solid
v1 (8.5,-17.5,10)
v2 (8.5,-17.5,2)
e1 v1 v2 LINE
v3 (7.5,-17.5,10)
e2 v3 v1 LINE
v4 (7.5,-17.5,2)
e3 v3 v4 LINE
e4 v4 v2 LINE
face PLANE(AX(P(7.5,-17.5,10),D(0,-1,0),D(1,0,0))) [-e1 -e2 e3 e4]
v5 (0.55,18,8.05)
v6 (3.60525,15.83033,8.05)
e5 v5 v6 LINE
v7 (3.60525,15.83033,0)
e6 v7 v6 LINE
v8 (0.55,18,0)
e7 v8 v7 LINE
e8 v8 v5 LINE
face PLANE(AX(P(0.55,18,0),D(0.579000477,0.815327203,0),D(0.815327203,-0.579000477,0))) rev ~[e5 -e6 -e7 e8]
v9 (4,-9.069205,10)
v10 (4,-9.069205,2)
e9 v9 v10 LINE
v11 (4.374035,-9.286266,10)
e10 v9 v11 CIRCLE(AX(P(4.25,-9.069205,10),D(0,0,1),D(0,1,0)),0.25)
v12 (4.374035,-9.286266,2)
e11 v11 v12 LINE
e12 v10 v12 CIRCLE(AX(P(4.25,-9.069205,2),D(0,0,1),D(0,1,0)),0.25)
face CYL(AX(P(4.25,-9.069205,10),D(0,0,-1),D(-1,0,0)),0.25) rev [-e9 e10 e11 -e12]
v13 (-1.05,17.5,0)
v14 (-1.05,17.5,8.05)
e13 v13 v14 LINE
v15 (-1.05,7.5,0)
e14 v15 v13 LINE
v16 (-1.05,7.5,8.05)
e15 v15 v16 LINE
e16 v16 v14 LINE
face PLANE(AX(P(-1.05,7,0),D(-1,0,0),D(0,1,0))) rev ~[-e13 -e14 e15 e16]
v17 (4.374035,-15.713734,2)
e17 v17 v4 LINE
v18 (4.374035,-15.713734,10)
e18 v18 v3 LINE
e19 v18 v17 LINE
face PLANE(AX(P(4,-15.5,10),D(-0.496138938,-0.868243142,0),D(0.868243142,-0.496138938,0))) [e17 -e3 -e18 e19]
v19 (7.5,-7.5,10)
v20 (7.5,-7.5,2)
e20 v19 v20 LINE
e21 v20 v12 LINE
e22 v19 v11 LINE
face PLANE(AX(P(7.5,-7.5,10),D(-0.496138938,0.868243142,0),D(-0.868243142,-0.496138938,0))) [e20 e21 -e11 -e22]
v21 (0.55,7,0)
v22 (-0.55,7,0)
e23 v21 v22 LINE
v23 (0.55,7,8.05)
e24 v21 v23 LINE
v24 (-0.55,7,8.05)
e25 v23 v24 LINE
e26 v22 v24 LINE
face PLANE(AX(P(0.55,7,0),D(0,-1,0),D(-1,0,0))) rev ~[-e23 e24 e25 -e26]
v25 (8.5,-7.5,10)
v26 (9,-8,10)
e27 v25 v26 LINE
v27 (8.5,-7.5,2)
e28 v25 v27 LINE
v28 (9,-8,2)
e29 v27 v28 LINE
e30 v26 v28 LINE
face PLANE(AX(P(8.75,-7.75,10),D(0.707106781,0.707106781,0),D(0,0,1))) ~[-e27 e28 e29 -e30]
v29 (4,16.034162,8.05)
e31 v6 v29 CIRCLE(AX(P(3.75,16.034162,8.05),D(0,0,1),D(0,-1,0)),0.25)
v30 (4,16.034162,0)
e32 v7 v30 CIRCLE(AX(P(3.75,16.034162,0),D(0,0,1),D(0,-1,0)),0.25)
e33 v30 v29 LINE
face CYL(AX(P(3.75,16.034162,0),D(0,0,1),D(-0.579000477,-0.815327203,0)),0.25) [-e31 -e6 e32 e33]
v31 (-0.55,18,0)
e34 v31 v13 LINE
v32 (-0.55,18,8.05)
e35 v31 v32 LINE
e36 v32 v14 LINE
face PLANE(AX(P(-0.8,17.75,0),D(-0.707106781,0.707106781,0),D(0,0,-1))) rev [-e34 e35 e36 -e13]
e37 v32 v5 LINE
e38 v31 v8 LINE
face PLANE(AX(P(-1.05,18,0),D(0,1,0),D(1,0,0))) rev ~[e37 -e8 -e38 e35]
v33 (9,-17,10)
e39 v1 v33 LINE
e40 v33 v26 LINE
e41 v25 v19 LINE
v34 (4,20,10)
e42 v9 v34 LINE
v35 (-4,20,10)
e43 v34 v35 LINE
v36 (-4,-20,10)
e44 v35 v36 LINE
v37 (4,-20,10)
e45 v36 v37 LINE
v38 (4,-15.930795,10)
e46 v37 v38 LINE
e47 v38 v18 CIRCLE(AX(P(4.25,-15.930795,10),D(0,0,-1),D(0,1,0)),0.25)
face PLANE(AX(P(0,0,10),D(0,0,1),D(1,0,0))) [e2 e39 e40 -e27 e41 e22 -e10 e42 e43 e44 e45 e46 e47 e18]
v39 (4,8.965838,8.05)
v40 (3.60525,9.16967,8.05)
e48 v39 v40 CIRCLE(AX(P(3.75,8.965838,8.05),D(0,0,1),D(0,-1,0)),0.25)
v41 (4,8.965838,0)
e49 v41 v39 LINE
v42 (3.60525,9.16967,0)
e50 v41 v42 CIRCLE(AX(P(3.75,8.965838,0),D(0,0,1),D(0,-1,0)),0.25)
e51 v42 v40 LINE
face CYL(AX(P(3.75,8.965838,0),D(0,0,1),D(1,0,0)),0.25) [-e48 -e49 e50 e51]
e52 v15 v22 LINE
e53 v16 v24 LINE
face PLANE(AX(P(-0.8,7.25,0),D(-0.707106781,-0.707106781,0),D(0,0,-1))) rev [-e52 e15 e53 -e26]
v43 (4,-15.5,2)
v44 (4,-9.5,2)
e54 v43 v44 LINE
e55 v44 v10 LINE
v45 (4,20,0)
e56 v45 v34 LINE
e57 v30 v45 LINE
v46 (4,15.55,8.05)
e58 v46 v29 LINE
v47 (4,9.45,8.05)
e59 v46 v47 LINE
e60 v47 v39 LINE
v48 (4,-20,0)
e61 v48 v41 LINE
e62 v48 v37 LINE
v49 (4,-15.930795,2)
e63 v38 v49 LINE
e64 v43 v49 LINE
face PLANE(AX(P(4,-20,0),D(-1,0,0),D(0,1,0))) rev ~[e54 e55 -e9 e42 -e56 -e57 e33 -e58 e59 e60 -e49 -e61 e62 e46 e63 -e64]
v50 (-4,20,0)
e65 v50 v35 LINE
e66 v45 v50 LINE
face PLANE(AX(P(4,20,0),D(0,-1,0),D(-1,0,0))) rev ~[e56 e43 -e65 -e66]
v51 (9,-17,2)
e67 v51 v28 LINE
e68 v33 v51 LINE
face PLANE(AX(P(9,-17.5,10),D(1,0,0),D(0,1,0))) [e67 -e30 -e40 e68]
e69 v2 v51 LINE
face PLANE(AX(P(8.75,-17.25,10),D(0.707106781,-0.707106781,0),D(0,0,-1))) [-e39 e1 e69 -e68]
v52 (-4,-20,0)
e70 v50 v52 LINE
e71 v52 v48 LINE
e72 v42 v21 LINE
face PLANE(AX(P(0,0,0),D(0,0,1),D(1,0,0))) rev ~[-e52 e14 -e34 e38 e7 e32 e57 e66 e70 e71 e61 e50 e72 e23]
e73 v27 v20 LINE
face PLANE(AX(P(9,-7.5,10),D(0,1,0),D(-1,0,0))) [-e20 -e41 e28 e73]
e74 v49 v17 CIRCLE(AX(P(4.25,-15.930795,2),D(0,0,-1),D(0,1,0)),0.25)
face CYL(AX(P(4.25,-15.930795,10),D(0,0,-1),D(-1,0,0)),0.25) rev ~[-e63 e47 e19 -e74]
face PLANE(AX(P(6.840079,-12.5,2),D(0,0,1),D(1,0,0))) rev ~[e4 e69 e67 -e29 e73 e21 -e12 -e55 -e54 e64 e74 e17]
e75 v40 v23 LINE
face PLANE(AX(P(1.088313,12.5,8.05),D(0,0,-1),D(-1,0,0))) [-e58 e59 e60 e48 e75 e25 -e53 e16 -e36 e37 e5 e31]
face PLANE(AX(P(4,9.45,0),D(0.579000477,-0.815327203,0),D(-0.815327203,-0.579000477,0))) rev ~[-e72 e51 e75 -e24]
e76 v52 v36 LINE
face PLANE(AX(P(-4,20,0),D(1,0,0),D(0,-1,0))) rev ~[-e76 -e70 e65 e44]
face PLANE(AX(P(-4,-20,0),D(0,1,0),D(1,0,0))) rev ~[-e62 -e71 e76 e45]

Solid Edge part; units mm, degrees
sketch "Sketch1" plane through (0, 0, 0) normal (0, 0, 1) x (1, 0, 0)
  line L0 (-4, -20) -> (4, -20)
  line L1 (4, -20) -> (4, 20)
  line L2 (4, 20) -> (-4, 20)
  line L3 (-4, 20) -> (-4, -20)
  dimension "D1" = 8
  dimension "D2" = 40
extrude "Protrusion1" add sketch "Sketch1" along normal blind 10
sketch "Sketch2" plane through (0, 0, 10) normal (0, 0, 1) x (0, 1, 0)
  line L0 (-15.5, -4) -> (-17.5, -7.5)
  line L1 (-17.5, -7.5) -> (-17.5, -9)
  line L2 (-17.5, -9) -> (-7.5, -9)
  line L3 (-7.5, -9) -> (-7.5, -7.5)
  line L4 (-7.5, -7.5) -> (-9.5, -4)
  line L5 (-15.5, -4) -> (-9.5, -4)
  dimension "D1" = 10
  dimension "D2" = 6
  dimension "D3" = 1.5
  dimension "D4" = 5
  dimension "D5" = 12.5
  dimension "D6" = 1.5
extrude "Extrusionsausprägung_2" add sketch "Sketch2" against normal blind 8
chamfer "Fase_1" distance 0.5 angle 45 2 edges at (9, -17.5, 6) (9, -7.5, 6)
sketch "Sketch3" plane through (0, 0, 0) normal (0, 0, -1) x (0, 1, 0)
  line L0 (9.45, 4) -> (7, 0.55)
  line L1 (7, 0.55) -> (7, -1.05)
  line L2 (7, -1.05) -> (18, -1.05)
  line L3 (18, -1.05) -> (18, 0.55)
  line L4 (18, 0.55) -> (15.55, 4)
  line L5 (15.55, 4) -> (9.45, 4)
  dimension "D1" = 11
  dimension "D2" = 6.1
  dimension "D3" = 1.6
  dimension "D4" = 1.6
  dimension "D5" = 12.5
  dimension "D6" = 5.05
extrude "Extrusionsausschnitt_1" cut sketch "Sketch3" against normal blind 8.05
chamfer "Fase_2" distance 0.5 angle 45 2 edges at (-1.05, 18, 4.025) (-1.05, 7, 4.025)
fillet "Verrundung_1" radius 0.25 4 edges at (4, 15.55, 4.025) (4, 9.45, 4.025) (4, -9.5, 6) (4, -15.5, 6)
